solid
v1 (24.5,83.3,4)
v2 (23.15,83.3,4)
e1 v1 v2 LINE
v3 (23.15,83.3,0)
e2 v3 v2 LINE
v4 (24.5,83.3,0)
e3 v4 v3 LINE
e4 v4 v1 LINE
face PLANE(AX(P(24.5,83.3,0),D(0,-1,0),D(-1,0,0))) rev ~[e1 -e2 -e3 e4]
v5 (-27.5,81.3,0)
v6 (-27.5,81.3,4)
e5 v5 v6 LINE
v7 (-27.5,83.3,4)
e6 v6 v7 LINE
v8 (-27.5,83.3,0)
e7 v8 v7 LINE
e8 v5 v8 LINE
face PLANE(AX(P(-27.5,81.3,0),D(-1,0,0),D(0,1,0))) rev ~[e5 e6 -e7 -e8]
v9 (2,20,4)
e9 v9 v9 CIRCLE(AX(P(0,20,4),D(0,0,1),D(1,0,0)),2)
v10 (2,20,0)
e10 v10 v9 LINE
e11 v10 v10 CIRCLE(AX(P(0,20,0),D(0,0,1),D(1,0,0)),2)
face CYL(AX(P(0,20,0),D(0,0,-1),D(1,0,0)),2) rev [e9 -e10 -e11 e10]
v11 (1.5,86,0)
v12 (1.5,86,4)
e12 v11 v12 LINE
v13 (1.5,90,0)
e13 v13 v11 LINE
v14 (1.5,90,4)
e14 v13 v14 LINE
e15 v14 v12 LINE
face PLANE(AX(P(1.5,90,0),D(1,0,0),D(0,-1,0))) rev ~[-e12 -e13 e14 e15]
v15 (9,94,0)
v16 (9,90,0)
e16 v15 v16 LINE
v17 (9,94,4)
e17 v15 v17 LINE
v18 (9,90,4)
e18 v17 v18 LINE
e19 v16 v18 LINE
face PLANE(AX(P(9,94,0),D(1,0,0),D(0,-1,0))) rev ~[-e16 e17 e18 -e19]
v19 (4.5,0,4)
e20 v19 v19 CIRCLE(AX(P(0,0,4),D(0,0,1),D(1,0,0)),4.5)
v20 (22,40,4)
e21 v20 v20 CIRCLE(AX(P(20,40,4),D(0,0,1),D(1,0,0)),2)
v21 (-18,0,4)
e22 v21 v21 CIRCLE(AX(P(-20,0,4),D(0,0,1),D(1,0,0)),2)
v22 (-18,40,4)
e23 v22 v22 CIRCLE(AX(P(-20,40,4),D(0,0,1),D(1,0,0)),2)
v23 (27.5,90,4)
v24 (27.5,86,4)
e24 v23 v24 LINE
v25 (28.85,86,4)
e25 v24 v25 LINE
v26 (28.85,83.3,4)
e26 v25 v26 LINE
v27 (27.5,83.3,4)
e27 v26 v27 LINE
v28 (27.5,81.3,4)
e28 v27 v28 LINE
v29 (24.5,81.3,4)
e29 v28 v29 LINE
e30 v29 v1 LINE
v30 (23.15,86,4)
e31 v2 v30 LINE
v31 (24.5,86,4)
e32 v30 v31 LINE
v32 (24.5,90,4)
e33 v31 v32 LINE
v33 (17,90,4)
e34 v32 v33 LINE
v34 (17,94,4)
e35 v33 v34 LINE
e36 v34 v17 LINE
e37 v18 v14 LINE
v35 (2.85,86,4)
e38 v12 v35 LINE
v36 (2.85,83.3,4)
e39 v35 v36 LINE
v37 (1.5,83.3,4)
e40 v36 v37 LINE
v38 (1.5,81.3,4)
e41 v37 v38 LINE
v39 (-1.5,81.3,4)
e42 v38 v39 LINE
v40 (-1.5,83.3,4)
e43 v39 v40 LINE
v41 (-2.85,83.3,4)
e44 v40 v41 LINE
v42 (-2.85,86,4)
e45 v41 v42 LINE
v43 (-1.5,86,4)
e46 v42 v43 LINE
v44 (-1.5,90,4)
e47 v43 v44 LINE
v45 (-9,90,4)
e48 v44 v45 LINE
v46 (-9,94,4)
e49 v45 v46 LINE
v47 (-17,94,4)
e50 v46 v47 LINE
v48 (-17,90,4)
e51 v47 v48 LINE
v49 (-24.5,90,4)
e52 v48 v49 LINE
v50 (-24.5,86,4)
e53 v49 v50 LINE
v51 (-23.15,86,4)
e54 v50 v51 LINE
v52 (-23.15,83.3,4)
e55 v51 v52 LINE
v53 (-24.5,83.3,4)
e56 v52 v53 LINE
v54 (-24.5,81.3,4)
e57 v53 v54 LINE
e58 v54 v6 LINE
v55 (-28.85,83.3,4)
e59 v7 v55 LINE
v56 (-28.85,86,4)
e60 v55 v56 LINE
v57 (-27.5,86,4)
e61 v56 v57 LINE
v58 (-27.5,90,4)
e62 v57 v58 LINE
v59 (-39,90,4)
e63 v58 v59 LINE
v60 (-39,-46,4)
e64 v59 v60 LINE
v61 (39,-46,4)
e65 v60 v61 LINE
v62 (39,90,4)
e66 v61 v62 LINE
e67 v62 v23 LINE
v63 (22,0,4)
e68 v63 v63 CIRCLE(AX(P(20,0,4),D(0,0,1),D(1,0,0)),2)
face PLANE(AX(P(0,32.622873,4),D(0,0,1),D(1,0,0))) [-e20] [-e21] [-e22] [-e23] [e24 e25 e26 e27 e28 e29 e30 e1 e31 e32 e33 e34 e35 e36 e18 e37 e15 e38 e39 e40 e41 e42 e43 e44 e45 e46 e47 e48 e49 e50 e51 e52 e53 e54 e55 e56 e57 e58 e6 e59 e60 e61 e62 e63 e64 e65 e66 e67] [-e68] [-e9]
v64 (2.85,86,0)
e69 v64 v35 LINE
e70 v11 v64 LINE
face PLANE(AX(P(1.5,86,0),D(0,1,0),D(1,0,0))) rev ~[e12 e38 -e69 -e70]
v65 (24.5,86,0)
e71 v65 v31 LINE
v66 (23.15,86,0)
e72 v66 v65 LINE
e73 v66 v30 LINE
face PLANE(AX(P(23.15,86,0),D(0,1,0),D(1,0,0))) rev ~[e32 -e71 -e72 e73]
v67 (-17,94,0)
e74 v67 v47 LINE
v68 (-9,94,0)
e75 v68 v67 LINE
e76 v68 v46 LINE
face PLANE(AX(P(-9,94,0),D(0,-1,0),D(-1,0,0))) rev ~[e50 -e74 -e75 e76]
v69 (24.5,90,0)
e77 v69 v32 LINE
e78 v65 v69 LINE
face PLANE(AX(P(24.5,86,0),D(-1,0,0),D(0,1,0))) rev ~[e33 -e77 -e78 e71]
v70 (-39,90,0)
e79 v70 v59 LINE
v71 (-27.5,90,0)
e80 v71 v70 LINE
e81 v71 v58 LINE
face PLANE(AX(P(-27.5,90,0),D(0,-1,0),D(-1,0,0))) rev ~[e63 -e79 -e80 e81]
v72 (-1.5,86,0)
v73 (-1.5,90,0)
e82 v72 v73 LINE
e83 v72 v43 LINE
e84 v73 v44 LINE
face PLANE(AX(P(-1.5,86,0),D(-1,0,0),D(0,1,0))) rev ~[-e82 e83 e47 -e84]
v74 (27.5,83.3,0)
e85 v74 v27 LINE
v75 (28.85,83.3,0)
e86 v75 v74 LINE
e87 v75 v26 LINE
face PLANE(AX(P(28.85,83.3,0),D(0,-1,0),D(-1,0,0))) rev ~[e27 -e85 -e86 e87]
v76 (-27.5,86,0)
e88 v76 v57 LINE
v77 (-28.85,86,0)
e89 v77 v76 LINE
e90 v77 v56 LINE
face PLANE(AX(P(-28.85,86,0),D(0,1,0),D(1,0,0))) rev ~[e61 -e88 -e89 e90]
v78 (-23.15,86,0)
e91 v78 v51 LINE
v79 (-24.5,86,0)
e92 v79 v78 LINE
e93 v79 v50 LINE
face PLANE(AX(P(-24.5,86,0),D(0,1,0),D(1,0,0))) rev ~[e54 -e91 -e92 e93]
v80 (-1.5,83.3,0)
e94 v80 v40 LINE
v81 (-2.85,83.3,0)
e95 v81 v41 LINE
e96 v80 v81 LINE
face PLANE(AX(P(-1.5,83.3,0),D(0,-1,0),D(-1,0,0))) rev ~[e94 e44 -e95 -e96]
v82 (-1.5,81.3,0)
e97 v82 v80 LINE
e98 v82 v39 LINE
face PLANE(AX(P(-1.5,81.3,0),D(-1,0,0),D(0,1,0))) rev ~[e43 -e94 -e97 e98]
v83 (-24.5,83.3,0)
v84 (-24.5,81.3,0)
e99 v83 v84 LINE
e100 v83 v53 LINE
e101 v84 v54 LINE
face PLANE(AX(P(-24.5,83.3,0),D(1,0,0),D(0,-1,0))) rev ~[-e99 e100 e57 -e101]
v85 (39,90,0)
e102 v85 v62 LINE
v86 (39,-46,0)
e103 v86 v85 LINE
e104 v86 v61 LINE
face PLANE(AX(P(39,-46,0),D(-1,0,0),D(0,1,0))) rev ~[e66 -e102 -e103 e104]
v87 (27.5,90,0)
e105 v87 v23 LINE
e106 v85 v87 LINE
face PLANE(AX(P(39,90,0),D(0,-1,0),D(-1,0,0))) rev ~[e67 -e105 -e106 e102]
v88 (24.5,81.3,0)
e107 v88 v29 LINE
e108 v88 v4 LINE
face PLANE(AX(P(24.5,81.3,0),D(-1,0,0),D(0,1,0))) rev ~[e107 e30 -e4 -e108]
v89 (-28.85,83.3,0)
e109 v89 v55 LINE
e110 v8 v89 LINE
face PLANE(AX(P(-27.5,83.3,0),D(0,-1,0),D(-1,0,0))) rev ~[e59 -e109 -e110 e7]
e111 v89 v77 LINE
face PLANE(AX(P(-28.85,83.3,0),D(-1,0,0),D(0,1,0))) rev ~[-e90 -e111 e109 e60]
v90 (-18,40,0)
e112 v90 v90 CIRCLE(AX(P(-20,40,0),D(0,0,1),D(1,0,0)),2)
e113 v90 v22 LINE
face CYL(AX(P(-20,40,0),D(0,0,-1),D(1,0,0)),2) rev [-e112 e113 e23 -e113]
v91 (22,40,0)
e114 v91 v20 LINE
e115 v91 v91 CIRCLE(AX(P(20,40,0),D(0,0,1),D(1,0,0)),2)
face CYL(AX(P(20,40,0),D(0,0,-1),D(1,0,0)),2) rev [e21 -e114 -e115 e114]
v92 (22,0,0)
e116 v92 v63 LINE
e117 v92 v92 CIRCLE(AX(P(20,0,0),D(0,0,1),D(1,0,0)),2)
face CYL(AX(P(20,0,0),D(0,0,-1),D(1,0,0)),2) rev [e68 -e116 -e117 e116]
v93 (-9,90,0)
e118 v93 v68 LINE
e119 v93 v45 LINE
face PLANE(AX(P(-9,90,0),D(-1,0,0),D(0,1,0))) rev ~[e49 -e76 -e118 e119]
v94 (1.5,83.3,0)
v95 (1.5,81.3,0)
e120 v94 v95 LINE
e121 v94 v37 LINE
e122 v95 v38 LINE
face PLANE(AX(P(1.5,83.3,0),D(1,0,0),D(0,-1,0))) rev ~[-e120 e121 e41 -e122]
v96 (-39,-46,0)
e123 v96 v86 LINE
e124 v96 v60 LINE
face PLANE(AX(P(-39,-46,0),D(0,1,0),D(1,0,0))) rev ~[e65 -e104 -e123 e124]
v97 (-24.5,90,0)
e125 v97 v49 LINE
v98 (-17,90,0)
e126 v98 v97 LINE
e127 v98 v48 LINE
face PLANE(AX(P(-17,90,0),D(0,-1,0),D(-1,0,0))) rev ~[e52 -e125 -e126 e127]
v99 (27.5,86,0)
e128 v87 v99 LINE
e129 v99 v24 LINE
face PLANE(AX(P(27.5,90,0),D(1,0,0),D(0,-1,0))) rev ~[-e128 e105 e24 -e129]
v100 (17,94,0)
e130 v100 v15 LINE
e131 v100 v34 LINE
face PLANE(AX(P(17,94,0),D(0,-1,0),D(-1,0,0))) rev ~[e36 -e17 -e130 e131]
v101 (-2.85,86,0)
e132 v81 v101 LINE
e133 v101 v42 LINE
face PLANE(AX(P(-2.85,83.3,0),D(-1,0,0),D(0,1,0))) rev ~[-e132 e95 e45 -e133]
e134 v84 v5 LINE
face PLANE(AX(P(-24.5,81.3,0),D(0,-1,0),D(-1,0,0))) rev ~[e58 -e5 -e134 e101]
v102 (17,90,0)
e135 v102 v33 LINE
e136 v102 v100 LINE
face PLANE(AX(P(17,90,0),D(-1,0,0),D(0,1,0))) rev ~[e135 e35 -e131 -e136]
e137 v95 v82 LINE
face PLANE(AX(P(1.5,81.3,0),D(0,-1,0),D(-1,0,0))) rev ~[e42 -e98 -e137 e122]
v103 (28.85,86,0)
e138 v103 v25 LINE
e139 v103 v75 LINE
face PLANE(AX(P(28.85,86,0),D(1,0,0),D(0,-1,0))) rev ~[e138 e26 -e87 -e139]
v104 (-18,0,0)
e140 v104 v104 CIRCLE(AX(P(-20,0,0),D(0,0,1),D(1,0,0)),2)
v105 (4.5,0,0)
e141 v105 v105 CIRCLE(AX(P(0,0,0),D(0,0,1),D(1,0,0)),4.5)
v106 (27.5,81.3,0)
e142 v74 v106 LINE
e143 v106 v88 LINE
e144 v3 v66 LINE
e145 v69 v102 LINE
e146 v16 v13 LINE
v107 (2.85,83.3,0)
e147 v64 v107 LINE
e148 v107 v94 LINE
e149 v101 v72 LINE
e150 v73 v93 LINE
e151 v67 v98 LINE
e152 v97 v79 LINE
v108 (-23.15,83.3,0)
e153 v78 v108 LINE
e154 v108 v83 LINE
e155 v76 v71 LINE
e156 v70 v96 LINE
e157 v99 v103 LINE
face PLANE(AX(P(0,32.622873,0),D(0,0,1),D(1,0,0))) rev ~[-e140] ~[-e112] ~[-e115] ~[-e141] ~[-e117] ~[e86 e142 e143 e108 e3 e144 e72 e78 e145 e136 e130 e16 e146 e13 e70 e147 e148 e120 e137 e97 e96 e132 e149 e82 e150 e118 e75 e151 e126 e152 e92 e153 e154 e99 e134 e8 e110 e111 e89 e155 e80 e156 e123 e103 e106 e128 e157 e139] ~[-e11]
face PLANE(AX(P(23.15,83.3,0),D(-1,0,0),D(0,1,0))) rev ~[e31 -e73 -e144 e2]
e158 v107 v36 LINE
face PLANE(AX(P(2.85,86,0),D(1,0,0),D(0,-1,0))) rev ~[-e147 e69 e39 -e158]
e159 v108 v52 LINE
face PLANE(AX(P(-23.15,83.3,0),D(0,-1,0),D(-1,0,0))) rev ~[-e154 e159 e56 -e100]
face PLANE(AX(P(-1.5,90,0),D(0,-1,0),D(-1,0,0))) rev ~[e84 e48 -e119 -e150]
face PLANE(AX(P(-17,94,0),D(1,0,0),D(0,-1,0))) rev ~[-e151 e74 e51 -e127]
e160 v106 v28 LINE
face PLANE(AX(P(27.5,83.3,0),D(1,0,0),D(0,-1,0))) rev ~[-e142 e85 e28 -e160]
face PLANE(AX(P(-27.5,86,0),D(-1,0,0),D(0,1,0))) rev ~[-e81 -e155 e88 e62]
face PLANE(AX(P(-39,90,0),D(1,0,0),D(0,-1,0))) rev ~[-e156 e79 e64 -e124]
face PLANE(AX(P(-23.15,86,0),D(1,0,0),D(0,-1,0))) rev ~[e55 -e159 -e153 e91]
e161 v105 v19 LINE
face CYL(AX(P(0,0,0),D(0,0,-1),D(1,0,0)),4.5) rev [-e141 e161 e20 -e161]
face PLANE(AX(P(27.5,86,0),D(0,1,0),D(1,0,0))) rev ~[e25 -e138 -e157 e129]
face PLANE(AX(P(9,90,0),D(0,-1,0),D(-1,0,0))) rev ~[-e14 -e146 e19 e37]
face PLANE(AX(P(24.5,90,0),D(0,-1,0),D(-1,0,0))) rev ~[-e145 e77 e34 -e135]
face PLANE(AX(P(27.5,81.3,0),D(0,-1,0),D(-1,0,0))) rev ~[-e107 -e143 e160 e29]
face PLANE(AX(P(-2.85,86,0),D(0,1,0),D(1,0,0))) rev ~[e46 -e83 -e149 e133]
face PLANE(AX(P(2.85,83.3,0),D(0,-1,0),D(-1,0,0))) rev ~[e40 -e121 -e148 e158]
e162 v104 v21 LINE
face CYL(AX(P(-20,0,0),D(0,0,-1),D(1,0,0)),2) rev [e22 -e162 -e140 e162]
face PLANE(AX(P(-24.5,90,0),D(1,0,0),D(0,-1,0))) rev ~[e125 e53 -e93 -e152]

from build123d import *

# Parameters (mm, degrees)
SKETCH_1_R      = 4.5
SKETCH_1_R_2    = 2
EXTRUDE_1_DEPTH = 4


with BuildPart() as part:
    # 草图1 → 凸台-拉伸1 (new body)
    with BuildSketch(Plane.XY):
        Polygon((-39, 90), (-39, -46), (39, -46), (39, 90), (27.5, 90), (27.5, 86), (28.85, 86), (28.85, 83.3), (27.5, 83.3), (27.5, 81.3), (24.5, 81.3), (24.5, 83.3), (23.15, 83.3), (23.15, 86), (24.5, 86), (24.5, 90), (17, 90), (17, 94), (9, 94), (9, 90), (1.5, 90), (1.5, 86), (2.85, 86), (2.85, 83.3), (1.5, 83.3), (1.5, 81.3), (-1.5, 81.3), (-1.5, 83.3), (-2.85, 83.3), (-2.85, 86), (-1.5, 86), (-1.5, 90), (-9, 90), (-9, 94), (-17, 94), (-17, 90), (-24.5, 90), (-24.5, 86), (-23.15, 86), (-23.15, 83.3), (-24.5, 83.3), (-24.5, 81.3), (-27.5, 81.3), (-27.5, 83.3), (-28.85, 83.3), (-28.85, 86), (-27.5, 86), (-27.5, 90), align=None)
        Circle(SKETCH_1_R, mode=Mode.SUBTRACT)
        with Locations((20, 0)):
            Circle(SKETCH_1_R_2, mode=Mode.SUBTRACT)
        with Locations((0, 20)):
            Circle(SKETCH_1_R_2, mode=Mode.SUBTRACT)
        with Locations((-20, 40)):
            Circle(SKETCH_1_R_2, mode=Mode.SUBTRACT)
        with Locations((-20, 0)):
            Circle(SKETCH_1_R_2, mode=Mode.SUBTRACT)
        with Locations((20, 40)):
            Circle(SKETCH_1_R_2, mode=Mode.SUBTRACT)
    extrude(amount=EXTRUDE_1_DEPTH)


solid = part.part
